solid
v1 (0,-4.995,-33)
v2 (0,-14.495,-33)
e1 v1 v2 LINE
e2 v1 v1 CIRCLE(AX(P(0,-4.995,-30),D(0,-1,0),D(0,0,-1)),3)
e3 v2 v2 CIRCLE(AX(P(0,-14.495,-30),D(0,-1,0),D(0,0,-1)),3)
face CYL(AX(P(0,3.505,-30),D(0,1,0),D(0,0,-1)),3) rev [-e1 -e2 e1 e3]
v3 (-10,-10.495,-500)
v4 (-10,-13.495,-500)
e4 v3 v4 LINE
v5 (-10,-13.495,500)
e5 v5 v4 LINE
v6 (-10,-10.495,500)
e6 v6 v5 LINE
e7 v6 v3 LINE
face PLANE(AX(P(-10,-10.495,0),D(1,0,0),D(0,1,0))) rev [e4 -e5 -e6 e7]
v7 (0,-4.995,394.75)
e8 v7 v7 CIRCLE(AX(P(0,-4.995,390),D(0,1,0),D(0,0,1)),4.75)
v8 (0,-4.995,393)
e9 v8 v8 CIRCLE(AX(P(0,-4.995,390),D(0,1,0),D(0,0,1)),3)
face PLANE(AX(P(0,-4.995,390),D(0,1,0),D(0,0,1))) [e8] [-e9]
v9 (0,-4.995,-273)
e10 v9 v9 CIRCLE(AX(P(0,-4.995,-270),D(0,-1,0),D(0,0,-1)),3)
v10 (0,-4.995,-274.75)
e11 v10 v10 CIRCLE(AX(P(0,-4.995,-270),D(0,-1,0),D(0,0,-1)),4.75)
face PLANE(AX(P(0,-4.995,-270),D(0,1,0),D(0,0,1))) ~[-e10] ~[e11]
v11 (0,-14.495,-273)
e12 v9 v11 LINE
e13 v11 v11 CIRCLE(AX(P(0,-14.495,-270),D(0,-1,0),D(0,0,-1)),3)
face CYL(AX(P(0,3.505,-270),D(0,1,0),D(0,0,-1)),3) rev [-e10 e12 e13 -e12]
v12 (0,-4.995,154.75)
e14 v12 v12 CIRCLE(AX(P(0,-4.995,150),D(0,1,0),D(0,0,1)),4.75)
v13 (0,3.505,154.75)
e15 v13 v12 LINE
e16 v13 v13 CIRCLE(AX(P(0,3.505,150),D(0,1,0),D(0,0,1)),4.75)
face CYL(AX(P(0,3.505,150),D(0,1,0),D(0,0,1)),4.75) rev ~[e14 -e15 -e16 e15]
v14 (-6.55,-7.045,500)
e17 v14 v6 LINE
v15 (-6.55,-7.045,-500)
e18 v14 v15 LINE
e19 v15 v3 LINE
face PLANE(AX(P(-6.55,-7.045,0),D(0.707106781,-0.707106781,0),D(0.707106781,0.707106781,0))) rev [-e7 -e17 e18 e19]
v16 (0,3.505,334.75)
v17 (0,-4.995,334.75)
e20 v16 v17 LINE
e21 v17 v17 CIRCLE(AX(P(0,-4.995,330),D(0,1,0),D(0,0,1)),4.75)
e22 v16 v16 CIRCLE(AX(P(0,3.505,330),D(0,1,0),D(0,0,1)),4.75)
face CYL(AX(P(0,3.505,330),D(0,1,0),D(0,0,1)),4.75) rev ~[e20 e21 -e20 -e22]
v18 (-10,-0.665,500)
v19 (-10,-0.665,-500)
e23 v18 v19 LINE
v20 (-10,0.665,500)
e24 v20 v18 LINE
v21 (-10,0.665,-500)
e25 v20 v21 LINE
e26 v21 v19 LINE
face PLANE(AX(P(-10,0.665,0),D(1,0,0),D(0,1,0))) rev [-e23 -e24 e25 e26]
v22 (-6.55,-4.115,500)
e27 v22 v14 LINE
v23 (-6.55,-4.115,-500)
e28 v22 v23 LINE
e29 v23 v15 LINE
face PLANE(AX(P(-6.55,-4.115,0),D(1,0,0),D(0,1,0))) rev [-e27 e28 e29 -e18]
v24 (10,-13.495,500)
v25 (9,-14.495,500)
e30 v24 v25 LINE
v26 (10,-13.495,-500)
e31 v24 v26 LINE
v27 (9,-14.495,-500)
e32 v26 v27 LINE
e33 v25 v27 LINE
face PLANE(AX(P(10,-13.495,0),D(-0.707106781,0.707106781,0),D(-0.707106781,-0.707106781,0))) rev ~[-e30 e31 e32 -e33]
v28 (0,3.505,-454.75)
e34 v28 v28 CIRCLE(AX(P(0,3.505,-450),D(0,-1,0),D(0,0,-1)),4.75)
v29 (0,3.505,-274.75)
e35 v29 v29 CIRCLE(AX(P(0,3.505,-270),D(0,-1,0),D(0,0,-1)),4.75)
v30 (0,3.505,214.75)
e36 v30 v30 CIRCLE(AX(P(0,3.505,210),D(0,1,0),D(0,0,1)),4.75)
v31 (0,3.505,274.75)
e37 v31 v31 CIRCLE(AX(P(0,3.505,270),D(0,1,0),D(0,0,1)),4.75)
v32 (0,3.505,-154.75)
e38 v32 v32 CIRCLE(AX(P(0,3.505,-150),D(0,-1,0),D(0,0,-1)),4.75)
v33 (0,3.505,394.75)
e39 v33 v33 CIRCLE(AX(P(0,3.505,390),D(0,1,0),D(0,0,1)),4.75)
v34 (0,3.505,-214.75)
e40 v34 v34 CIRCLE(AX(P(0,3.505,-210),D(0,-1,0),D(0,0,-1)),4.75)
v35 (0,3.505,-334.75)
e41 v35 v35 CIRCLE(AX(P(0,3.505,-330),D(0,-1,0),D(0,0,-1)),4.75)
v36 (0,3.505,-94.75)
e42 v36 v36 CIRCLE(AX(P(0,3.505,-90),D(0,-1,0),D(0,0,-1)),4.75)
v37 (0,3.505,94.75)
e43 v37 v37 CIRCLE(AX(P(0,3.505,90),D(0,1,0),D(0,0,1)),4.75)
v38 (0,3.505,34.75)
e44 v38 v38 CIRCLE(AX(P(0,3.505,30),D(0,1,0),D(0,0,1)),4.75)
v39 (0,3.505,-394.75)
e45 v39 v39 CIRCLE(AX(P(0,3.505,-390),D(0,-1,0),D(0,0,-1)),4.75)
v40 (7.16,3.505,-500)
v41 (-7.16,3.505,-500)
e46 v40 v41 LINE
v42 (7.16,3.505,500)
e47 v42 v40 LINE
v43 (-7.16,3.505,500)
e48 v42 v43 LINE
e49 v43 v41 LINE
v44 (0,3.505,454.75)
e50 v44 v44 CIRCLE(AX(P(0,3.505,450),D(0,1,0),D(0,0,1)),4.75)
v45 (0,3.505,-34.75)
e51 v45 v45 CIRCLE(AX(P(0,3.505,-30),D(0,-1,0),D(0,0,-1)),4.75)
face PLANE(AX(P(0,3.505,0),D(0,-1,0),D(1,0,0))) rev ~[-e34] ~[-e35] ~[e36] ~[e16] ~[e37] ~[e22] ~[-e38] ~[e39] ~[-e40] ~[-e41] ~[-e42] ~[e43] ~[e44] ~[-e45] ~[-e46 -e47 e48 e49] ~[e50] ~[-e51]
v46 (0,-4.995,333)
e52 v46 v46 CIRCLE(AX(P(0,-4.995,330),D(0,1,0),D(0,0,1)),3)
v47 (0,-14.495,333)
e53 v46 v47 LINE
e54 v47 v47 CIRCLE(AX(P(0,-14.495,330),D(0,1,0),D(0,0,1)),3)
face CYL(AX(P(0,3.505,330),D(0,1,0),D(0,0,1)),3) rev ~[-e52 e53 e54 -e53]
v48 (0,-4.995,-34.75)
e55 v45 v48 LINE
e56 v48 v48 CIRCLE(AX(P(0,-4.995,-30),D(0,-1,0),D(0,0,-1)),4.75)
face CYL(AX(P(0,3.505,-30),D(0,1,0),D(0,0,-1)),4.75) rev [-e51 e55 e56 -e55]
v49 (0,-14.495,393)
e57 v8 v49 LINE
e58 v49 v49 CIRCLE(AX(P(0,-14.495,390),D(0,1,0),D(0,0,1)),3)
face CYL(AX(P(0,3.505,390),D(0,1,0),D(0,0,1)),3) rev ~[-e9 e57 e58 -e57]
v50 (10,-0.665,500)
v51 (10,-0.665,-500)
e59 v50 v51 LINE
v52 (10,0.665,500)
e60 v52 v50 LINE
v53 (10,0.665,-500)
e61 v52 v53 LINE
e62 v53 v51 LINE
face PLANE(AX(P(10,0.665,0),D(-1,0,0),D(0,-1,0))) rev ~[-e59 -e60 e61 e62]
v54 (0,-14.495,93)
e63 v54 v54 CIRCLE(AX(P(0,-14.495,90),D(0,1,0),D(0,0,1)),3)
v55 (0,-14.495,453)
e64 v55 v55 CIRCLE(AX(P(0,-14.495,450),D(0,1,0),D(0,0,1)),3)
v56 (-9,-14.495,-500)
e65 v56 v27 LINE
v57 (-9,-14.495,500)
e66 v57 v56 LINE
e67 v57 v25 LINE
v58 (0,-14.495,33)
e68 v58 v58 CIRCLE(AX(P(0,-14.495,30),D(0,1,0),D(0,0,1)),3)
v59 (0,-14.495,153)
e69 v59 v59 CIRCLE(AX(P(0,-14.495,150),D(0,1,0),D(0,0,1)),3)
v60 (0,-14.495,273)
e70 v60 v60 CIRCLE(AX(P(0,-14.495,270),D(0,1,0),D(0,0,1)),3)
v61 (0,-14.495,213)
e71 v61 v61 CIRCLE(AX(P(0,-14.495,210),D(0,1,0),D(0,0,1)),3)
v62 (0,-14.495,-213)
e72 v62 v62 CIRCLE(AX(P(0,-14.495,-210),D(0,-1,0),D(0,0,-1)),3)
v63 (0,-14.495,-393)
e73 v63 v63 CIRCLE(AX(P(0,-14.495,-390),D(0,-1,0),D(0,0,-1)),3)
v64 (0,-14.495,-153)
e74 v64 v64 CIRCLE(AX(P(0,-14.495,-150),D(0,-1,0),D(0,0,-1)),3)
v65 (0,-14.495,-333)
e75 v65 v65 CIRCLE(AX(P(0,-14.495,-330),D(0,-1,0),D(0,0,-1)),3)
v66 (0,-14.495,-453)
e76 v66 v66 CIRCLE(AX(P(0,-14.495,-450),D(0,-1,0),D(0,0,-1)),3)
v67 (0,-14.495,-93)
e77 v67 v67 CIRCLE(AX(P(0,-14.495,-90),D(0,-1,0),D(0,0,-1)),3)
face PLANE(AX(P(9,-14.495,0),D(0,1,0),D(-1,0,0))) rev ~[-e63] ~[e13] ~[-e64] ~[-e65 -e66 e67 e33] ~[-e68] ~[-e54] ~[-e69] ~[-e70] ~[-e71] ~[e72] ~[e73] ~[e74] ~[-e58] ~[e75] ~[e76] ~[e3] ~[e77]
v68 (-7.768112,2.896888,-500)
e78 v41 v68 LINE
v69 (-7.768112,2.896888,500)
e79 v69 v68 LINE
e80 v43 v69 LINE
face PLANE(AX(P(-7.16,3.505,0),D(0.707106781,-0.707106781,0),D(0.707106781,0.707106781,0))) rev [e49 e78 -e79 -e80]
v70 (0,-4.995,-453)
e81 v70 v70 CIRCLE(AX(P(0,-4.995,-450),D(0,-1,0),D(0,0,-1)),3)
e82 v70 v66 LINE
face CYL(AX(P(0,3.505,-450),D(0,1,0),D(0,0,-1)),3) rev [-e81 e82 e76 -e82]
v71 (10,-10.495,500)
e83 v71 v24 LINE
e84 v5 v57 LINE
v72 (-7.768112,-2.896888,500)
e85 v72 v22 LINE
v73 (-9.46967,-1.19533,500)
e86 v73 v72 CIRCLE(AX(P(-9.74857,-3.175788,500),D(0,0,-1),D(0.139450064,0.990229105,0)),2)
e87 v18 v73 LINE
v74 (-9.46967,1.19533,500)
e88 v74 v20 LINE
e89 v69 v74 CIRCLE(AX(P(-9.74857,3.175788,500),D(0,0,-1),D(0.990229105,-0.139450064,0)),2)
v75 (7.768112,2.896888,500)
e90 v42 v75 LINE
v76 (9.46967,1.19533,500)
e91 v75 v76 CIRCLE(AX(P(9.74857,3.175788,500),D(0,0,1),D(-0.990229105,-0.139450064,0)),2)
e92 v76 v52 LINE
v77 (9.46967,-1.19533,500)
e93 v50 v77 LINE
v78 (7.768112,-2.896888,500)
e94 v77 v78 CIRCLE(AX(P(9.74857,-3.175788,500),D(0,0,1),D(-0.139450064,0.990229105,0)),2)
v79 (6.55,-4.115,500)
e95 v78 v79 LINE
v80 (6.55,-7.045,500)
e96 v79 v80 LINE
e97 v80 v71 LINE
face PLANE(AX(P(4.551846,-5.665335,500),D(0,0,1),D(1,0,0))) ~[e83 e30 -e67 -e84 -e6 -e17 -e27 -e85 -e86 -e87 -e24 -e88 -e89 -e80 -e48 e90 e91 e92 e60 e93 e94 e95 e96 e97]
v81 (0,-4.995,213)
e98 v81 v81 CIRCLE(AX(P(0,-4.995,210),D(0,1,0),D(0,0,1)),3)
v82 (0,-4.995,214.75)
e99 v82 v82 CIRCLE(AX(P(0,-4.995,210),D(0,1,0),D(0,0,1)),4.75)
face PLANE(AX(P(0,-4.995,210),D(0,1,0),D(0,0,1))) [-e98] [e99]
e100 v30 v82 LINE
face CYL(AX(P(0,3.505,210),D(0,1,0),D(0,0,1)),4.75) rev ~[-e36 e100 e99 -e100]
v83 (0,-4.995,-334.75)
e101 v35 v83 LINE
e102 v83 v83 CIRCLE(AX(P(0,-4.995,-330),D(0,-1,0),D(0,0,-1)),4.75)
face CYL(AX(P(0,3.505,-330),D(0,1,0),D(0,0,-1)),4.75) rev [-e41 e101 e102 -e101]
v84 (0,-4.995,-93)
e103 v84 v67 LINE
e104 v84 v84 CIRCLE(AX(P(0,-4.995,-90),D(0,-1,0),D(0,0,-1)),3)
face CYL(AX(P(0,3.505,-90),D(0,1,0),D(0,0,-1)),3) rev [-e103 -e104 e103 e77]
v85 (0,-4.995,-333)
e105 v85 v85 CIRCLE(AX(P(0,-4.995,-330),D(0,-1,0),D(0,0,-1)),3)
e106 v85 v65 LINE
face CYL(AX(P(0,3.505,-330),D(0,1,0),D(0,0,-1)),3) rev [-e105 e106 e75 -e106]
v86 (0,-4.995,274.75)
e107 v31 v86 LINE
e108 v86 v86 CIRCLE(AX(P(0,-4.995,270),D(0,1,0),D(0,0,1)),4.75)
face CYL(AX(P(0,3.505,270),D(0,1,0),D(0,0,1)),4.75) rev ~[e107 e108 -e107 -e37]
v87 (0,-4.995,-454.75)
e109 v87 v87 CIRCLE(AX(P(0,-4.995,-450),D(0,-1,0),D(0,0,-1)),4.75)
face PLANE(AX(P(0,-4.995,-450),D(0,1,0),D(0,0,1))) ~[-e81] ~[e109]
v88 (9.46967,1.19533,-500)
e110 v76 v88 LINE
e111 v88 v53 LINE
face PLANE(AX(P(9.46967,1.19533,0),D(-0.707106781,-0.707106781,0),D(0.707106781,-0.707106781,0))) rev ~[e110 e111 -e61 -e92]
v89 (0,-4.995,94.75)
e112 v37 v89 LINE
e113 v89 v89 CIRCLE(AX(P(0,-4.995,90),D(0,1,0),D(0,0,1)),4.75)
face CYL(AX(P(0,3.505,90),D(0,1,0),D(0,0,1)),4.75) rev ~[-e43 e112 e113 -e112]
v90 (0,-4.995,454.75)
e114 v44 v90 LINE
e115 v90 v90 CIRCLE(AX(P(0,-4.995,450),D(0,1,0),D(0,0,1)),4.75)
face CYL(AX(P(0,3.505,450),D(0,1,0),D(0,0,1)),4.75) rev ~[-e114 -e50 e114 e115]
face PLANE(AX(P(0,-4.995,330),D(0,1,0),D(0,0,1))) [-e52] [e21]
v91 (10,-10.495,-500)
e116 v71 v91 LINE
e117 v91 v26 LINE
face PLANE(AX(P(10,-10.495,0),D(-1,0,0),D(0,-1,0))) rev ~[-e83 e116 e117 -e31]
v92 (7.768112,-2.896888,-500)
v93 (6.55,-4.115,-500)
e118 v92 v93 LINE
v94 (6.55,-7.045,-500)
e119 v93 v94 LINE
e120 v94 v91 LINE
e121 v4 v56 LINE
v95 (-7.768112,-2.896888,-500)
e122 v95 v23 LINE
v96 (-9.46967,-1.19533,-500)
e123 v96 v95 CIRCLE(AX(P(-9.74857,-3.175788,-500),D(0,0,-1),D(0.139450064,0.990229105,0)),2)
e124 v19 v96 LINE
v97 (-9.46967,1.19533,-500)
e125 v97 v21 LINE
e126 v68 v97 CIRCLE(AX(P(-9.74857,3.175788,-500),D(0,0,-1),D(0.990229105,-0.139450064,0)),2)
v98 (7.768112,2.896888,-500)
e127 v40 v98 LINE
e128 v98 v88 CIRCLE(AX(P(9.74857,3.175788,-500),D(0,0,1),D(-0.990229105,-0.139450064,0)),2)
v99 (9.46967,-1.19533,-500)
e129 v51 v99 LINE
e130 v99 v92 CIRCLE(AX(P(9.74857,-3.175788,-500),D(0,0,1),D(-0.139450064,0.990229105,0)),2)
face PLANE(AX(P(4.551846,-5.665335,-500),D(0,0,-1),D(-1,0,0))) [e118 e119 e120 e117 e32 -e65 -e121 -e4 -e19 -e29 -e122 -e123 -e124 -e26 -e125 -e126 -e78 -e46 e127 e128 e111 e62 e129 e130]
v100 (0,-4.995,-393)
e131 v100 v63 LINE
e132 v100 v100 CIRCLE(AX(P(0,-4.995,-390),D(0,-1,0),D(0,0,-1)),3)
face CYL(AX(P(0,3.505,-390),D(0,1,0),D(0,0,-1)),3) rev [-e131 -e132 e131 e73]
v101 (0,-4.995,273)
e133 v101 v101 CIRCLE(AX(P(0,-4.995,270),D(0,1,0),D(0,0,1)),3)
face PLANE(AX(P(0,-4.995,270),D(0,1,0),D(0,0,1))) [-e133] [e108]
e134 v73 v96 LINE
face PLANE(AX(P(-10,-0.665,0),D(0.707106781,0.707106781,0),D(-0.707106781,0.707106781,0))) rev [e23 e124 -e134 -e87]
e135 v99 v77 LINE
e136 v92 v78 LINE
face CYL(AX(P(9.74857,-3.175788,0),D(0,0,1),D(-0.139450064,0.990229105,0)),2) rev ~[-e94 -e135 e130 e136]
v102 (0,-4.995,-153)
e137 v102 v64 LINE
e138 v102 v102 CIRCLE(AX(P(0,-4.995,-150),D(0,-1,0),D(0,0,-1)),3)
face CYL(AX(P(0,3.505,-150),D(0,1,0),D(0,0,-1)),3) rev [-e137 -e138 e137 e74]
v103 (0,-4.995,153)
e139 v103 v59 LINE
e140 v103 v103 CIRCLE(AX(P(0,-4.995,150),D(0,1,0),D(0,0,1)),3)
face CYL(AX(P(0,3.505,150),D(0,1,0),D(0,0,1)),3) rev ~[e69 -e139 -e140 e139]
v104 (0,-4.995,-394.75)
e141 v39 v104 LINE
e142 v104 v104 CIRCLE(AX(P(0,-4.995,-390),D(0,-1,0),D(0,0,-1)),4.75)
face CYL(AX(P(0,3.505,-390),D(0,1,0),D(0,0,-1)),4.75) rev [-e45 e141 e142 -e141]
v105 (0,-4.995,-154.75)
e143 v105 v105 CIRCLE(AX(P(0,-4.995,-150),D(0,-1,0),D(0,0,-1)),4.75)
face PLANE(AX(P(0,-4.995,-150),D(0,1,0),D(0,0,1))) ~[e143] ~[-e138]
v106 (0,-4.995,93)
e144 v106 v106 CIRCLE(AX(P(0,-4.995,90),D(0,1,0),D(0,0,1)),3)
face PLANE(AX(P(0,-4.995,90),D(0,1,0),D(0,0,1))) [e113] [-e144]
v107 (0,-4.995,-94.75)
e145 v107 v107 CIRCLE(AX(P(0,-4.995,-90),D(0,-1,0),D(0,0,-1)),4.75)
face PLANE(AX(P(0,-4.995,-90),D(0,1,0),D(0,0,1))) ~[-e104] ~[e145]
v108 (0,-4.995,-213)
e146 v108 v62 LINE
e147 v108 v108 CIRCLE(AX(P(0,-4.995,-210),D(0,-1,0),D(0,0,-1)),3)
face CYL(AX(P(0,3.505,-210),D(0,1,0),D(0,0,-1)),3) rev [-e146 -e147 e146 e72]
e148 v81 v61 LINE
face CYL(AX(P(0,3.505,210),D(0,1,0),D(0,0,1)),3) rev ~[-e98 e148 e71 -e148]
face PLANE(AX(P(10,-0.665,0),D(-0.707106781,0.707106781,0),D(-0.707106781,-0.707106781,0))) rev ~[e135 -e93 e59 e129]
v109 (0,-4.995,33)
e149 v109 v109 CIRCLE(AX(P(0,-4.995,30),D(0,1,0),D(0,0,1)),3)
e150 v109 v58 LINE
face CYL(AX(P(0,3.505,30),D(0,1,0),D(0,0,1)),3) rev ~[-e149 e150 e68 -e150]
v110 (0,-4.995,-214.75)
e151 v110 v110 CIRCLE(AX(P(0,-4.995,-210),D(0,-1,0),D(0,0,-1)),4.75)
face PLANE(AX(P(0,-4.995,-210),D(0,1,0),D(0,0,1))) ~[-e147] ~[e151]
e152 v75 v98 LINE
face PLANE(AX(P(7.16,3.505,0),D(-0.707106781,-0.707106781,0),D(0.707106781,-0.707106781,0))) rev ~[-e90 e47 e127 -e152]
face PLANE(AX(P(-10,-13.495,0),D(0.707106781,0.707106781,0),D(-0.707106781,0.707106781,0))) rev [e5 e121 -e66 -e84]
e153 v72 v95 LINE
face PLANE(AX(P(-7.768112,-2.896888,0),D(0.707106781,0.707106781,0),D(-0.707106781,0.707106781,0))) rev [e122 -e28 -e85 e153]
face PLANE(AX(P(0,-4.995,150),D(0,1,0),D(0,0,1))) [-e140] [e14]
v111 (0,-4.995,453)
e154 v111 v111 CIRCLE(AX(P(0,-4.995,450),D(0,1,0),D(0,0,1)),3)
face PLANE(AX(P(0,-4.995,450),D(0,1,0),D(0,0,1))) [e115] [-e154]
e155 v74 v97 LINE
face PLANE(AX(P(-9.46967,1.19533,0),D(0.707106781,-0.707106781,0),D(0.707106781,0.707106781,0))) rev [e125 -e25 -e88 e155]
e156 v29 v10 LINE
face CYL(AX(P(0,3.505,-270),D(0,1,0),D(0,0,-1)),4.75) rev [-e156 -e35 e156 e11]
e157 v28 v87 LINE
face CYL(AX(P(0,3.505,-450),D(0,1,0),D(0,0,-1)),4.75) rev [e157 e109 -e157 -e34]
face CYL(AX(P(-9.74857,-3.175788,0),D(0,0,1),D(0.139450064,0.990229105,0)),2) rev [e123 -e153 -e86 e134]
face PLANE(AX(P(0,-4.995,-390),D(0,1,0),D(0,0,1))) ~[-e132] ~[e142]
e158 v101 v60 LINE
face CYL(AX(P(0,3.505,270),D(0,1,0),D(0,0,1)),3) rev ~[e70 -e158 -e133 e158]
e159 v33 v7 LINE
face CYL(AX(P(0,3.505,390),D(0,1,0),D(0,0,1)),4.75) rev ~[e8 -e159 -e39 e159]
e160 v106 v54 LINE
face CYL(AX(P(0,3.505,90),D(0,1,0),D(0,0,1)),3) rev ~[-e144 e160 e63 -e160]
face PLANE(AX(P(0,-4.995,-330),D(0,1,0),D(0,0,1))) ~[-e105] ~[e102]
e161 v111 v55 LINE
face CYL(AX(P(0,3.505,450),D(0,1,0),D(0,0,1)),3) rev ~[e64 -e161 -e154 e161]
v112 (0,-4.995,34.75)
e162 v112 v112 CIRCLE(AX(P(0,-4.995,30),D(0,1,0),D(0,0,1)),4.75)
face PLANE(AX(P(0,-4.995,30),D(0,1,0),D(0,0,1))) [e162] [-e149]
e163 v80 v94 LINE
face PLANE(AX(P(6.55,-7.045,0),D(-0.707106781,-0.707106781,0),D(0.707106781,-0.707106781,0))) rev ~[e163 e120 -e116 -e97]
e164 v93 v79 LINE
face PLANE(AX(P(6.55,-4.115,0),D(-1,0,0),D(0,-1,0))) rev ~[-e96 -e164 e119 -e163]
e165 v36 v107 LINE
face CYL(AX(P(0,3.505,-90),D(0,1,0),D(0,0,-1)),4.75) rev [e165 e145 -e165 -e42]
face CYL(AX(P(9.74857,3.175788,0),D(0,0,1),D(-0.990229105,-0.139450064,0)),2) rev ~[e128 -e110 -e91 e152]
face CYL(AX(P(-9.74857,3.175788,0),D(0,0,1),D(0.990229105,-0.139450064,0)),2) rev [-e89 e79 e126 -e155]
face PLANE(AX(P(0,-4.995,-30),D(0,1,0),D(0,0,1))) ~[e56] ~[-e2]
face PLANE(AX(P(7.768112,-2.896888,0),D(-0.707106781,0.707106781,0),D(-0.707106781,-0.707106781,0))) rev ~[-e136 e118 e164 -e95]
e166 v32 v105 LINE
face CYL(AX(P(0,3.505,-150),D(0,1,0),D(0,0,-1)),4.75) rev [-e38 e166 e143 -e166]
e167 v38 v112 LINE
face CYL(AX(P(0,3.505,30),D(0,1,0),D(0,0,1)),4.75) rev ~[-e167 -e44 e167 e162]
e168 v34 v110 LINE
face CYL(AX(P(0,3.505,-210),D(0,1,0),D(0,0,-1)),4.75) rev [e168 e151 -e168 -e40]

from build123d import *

# Parameters (mm, degrees)
BOSS_EXTRUDE1_DEPTH = 500
SKETCH2_R           = 3
CUT_EXTRUDE1_DEPTH  = 501.423820376
SKETCH3_R           = 4.75
CUT_EXTRUDE2_DEPTH  = 8.5
LPATTERN1_COUNT     = 100
LPATTERN1_PITCH     = 60


with BuildPart() as part:
    # Sketch1 → Boss-Extrude1 (new body)
    with BuildSketch(Plane.XY):
        with BuildLine():
            Line((-6.55, -4.115), (-6.55, -7.045))
            Line((-6.55, -7.045), (-10, -10.495))
            Line((-10, -10.495), (-10, -13.495))
            Line((-10, -13.495), (-9, -14.495))
            Line((-9, -14.495), (0, -14.495))
            Line((0, -14.495), (0, 3.505))
            Line((0, 3.505), (-7.16, 3.505))
            Line((-7.16, 3.505), (-7.768111832, 2.896888168))
            ThreePointArc((-7.768111832, 2.896888168), (-8.334356479, 1.761574733), (-9.469669914, 1.195330086))
            Line((-9.469669914, 1.195330086), (-10, 0.665))
            Line((-10, 0.665), (-10, -0.665))
            Line((-10, -0.665), (-9.469669914, -1.195330086))
            ThreePointArc((-9.469669914, -1.195330086), (-8.334356479, -1.761574733), (-7.768111832, -2.896888168))
            Line((-7.768111832, -2.896888168), (-6.55, -4.115))
        make_face()
    boss_extrude1 = extrude(amount=BOSS_EXTRUDE1_DEPTH)

    # Mirror1: Boss-Extrude1 across plane
    add(boss_extrude1.mirror(Plane(origin=(0, 3.505, 500), x_dir=(0, 0, 1), z_dir=(-1, 0, 0))))

    # Sketch2 → Cut-Extrude1 (cut, through all)
    with BuildSketch(Plane(origin=(0, 3.505, 0), x_dir=(1, 0, 0), z_dir=(0, 1, 0))):
        with Locations(Location((0, -30, 0), (0, 0, 270))):
            Circle(SKETCH2_R)
    cut_extrude1 = extrude(amount=-CUT_EXTRUDE1_DEPTH, mode=Mode.SUBTRACT)

    # Sketch3 → Cut-Extrude2 (cut)
    with BuildSketch(Plane(origin=(0, 3.505, 0), x_dir=(1, 0, 0), z_dir=(0, 1, 0))):
        with Locations(Location((0, -30, 0), (0, 0, 270))):
            Circle(SKETCH3_R)
    cut_extrude2 = extrude(amount=-CUT_EXTRUDE2_DEPTH, mode=Mode.SUBTRACT)

    # LPattern1: Cut-Extrude1, Cut-Extrude2 ×100
    with Locations(*[(0, 0, i * LPATTERN1_PITCH) for i in range(1, LPATTERN1_COUNT)]):
        add(cut_extrude1, mode=Mode.SUBTRACT)
        add(cut_extrude2, mode=Mode.SUBTRACT)

    # Mirror2: part across plane


with BuildPart() as part_1:
    add(part.part)
    add(part.part.mirror(Plane(origin=(-9.748570041, -3.175788295, 0), x_dir=(1, 0, 0), z_dir=(0, 0, -1))))


solid = part_1.part
